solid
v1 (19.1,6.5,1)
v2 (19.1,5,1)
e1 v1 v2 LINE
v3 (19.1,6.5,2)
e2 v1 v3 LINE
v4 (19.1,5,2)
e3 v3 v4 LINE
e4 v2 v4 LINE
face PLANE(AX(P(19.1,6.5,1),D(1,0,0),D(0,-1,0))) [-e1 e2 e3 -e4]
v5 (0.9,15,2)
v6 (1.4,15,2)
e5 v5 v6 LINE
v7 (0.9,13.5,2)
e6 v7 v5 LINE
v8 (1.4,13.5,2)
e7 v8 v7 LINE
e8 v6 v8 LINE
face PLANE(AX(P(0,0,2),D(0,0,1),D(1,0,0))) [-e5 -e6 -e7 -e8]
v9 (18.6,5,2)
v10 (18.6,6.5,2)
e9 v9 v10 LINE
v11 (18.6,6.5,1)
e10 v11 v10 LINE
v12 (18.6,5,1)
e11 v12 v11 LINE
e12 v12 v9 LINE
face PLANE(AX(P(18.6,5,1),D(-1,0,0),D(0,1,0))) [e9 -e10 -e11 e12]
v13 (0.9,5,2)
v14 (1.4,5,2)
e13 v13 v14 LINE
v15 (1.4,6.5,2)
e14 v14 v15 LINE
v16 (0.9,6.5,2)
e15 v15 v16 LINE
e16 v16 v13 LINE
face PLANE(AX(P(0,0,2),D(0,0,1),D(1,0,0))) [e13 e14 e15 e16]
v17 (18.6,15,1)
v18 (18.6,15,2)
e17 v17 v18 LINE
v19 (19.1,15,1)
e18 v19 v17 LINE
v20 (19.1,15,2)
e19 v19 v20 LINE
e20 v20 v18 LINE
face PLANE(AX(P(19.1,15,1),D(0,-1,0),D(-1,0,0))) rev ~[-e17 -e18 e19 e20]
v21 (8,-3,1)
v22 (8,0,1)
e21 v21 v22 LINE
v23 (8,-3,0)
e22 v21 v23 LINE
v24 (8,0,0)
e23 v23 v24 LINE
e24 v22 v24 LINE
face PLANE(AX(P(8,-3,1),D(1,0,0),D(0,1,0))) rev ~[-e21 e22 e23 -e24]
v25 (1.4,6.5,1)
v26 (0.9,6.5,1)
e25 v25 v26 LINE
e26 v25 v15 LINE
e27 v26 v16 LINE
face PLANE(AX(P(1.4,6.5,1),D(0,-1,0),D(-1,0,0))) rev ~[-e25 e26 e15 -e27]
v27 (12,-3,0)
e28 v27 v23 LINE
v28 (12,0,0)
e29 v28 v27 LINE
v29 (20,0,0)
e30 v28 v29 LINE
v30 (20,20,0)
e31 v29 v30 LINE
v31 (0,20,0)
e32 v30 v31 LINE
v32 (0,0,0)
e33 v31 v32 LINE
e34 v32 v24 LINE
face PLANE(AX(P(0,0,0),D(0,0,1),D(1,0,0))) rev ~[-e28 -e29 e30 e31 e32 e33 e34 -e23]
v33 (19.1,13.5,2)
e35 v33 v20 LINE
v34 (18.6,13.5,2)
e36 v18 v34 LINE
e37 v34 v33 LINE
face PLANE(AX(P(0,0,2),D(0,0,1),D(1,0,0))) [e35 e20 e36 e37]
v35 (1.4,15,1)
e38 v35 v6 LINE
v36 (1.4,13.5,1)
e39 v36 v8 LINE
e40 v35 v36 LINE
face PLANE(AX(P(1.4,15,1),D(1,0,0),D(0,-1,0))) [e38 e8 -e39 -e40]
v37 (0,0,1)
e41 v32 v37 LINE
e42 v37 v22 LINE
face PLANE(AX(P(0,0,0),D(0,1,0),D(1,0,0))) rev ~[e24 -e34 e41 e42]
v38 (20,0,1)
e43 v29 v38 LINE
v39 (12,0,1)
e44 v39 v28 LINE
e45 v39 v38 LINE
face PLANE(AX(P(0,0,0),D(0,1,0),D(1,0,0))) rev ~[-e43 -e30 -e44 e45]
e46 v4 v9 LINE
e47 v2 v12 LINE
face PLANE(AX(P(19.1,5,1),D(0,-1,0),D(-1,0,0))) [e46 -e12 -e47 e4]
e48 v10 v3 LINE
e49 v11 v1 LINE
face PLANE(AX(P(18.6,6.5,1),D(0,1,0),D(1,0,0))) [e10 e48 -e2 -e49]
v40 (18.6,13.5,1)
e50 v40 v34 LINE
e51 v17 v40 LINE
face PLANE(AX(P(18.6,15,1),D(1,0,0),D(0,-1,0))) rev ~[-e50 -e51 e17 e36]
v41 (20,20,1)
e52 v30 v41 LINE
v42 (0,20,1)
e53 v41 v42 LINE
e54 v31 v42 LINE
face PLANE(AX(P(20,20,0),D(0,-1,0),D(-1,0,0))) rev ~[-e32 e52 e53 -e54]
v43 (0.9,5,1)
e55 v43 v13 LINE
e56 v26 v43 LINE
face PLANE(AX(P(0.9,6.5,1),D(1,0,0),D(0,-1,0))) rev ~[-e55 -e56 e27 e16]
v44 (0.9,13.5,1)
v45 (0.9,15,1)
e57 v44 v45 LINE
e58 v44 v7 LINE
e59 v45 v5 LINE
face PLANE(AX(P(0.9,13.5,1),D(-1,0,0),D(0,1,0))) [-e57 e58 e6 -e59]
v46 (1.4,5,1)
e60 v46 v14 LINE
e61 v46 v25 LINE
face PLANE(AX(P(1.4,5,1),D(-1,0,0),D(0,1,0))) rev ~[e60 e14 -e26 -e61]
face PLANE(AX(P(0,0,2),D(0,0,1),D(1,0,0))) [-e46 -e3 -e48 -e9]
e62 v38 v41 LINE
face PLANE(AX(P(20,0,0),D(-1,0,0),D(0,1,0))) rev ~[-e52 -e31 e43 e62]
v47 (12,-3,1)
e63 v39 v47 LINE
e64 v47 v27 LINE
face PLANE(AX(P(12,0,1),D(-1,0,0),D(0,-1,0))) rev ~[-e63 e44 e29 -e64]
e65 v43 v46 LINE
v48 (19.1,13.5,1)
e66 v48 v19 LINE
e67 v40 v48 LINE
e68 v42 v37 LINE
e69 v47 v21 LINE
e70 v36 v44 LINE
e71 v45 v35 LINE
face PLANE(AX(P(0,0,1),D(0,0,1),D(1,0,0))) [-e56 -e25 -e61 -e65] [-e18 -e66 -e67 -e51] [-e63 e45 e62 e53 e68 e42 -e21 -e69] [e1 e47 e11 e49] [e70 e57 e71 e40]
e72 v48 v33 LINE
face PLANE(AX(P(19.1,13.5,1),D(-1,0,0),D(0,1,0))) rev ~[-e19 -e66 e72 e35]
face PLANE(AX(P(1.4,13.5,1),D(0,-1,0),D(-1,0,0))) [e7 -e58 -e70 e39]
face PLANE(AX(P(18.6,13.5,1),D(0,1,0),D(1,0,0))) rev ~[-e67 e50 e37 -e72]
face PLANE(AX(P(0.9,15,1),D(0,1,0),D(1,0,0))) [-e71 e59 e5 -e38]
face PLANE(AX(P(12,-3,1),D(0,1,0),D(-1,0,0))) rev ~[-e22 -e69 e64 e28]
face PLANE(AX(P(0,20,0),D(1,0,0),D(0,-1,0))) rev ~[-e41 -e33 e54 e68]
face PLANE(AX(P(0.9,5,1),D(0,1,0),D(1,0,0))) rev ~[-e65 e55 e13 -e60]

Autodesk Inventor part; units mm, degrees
ref_plane "YZ Plane" through (0, 0, 0) normal (1, 0, 0) x (0, 1, 0)
ref_plane "XZ Plane" through (0, 0, 0) normal (0, 1, 0) x (-1, 0, 0)
ref_plane "XY Plane" through (0, 0, 0) normal (0, 0, 1) x (1, 0, 0)
sketch "Esboço1" plane through (0, 0, 0) normal (0, 0, 1) x (1, 0, 0)
  line L0 (0, 0) -> (20, 0)
  line L1 (20, 0) -> (20, 20)
  line L2 (20, 20) -> (0, 20)
  line L3 (0, 20) -> (0, 0)
  dimension "d0" = 20
  dimension "d1" = 20
extrude "Extrusão1" add sketch "Esboço1" along normal blind 1
sketch "Esboço2" plane through (0, 0, 1) normal (0, 0, 1) x (1, 0, 0)
  line L0 (0.9, 15) -> (1.4, 15)
  line L1 (1.4, 15) -> (1.4, 13.5)
  line L2 (1.4, 13.5) -> (0.9, 13.5)
  line L3 (0.9, 13.5) -> (0.9, 15)
  line L4 (0.9, 5) -> (1.4, 5)
  line L5 (1.4, 5) -> (1.4, 6.5)
  line L6 (1.4, 6.5) -> (0.9, 6.5)
  line L7 (0.9, 6.5) -> (0.9, 5)
  line L8 (0, 20) -> (0, 0) projected
  line L9 (0, 0) -> (20, 0) projected
  line L10 (20, 20) -> (0, 20) projected
  line L11 (10, 20) -> (10, 0)
  line L12 (19.1, 15) -> (18.6, 15)
  line L13 (18.6, 15) -> (18.6, 13.5)
  line L14 (18.6, 13.5) -> (19.1, 13.5)
  line L15 (19.1, 13.5) -> (19.1, 15)
  line L16 (19.1, 5) -> (18.6, 5)
  line L17 (18.6, 5) -> (18.6, 6.5)
  line L18 (18.6, 6.5) -> (19.1, 6.5)
  line L19 (19.1, 6.5) -> (19.1, 5)
  dimension "d4" = 1.5
  dimension "d5" = 0.5
  dimension "d6" = 0.5
  dimension "d7" = 1.5
  dimension "d8" = 0.9
  dimension "d9" = 5
  dimension "d10" = 5
extrude "Extrusão2" add sketch "Esboço2" along normal blind 1 contours L0 L1 L2 L3 | L7 L6 L5 L4 | L15 L14 L13 L12 | L16 L17 L18 L19
sketch "Esboço3" plane through (0, 0, 1) normal (0, 0, 1) x (1, 0, 0)
  line L0 (0, 0) -> (20, 0) projected
  line L1 (8, 0) -> (12, 0)
  line L2 (12, 0) -> (12, -3)
  line L3 (12, -3) -> (8, -3)
  line L4 (8, -3) -> (8, 0)
  dimension "d13" = 8
  dimension "d14" = 8
  dimension "d15" = 3
extrude "Extrusão3" add sketch "Esboço3" against normal blind 1
properties part number "caixaled_pt2" material "Plástico PC/ABS"
